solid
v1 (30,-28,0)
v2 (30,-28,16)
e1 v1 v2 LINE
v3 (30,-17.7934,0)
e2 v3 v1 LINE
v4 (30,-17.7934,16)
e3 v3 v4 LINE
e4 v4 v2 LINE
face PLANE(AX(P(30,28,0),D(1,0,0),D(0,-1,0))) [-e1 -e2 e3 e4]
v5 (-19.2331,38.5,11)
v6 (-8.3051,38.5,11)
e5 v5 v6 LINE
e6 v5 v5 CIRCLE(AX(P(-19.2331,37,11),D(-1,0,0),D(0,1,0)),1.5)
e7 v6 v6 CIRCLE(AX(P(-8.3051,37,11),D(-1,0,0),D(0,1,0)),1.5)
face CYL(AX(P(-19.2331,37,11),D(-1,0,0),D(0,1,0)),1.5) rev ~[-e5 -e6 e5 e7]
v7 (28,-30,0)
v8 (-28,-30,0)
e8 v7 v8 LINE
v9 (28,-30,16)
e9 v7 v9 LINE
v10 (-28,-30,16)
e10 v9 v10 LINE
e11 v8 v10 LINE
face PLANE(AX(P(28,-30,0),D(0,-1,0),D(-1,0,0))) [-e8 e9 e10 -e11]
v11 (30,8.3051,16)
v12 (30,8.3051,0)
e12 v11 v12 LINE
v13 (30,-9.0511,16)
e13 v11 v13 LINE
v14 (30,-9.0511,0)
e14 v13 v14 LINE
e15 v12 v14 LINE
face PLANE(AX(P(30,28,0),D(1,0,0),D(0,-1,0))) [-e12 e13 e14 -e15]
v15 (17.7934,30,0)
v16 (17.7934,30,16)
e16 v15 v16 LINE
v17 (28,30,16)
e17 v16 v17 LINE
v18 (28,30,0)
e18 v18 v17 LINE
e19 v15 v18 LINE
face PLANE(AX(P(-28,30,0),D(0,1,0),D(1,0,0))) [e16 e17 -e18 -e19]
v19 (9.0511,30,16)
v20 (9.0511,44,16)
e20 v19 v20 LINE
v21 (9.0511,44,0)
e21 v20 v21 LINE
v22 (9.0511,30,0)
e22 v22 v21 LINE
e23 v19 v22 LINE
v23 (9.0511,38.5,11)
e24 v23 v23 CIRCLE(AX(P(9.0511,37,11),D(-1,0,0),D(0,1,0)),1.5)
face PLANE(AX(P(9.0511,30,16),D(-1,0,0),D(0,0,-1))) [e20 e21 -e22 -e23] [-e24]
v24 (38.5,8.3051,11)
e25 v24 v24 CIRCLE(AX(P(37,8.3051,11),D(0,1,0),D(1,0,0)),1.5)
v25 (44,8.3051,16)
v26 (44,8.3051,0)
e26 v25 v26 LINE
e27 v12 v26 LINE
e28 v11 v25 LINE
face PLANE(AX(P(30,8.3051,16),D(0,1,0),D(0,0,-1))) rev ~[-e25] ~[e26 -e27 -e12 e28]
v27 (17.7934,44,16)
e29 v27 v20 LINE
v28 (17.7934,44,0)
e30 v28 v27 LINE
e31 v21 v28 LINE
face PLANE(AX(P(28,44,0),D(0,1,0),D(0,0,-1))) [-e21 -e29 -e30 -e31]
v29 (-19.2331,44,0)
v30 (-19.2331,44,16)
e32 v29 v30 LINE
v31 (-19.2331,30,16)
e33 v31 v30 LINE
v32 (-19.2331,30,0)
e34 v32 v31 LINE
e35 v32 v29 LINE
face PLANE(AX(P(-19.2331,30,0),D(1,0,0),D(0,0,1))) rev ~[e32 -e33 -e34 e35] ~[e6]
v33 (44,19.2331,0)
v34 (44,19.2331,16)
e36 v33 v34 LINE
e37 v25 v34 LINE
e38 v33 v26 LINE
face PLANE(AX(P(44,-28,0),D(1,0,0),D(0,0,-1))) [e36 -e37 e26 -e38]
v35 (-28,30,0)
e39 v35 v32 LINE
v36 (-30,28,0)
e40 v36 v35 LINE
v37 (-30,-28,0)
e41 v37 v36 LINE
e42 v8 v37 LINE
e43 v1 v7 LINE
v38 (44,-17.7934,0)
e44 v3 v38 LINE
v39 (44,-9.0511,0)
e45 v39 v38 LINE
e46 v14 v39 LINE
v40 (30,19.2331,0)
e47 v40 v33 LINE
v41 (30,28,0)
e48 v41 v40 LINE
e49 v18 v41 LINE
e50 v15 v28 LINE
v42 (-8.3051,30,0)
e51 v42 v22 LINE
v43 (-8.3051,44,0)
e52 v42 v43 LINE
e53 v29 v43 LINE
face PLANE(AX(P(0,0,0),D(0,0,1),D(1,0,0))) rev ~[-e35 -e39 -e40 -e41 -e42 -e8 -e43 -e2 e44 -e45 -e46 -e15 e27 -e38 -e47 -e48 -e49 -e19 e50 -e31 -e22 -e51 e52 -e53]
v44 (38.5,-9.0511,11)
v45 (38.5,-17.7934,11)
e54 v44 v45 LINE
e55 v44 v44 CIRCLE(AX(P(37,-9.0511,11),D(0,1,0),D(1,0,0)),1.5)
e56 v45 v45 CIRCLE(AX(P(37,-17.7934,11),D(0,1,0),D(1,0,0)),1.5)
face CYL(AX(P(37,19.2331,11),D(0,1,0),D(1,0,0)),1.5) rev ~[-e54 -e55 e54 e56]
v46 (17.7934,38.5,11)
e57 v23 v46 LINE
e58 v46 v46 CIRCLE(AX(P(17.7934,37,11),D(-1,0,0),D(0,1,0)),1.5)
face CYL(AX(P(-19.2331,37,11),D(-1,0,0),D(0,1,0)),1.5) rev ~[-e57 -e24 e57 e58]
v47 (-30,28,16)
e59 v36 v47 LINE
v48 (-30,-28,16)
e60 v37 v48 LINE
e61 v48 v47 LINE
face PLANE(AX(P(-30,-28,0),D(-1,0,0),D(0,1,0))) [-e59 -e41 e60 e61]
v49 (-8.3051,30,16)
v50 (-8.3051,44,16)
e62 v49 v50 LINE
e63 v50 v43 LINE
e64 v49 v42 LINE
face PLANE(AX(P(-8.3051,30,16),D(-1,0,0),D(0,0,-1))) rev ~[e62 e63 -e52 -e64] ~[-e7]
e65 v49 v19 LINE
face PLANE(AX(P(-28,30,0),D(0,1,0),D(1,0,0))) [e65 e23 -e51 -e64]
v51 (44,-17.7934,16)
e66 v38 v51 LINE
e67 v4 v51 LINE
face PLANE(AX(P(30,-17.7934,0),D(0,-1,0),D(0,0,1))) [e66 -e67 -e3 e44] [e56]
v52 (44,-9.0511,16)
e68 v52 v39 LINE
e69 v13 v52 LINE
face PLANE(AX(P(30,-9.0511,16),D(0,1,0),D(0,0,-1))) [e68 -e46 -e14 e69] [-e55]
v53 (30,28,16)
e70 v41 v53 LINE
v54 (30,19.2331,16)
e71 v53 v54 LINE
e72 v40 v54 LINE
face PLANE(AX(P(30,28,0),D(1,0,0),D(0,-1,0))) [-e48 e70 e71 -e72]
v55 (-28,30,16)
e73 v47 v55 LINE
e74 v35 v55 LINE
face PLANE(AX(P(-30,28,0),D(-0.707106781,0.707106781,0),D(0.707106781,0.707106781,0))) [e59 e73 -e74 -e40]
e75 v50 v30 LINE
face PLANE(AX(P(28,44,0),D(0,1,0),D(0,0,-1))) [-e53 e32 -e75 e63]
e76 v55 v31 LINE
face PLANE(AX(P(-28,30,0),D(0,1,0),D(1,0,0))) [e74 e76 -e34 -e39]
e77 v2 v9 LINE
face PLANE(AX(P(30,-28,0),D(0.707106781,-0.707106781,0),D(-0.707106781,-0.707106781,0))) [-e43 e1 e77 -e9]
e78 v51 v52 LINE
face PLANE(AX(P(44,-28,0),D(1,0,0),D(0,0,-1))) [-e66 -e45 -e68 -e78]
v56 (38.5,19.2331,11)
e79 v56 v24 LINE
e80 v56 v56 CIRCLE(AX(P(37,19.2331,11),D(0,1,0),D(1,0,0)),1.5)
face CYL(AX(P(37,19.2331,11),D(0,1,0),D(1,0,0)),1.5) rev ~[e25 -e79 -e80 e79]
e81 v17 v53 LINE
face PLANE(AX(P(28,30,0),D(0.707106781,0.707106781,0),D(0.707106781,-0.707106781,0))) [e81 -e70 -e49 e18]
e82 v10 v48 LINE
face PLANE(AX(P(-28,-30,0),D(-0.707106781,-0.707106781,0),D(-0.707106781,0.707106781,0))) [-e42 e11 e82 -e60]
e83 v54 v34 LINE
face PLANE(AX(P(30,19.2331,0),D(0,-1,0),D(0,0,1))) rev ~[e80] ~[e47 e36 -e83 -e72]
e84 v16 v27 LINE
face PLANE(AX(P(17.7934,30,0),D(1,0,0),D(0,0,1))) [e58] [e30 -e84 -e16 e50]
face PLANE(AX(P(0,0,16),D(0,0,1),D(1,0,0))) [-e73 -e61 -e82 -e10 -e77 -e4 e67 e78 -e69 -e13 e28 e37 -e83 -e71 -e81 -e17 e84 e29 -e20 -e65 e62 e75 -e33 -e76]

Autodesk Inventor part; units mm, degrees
ref_plane "YZ Plane" through (0, 0, 0) normal (1, 0, 0) x (0, 1, 0)
ref_plane "XZ Plane" through (0, 0, 0) normal (0, 1, 0) x (-1, 0, 0)
ref_plane "XY Plane" through (0, 0, 0) normal (0, 0, 1) x (1, 0, 0)
ref_plane "Work Plane1" through (0, 0, 0) normal (0, 0, 1) x (1, 0, 0)
sketch "Sketch1" plane through (0, 0, 0) normal (0, 0, 1) x (1, 0, 0)
  circle A0 centre (17.5, 17.5) radius 1.95 projected
  circle A1 centre (17.5, -17.5) radius 1.95 projected
  circle A2 centre (-17.5, -17.5) radius 1.95 projected
  circle A3 centre (-17.5, 17.5) radius 1.95 projected
  circle A4 centre (0, 0) radius 7.5 projected
  line L0 (-30, 28) -> (-28, 30) projected
  line L1 (-30, -28) -> (-30, 28) projected
  line L2 (-28, -30) -> (-30, -28) projected
  line L3 (28, -30) -> (-28, -30) projected
  line L4 (30, -28) -> (28, -30) projected
  line L5 (30, 28) -> (30, -28) projected
  line L6 (28, 30) -> (30, 28) projected
  line L7 (-28, 30) -> (28, 30) projected
  circle A5 centre (25, 25) radius 2.325 projected
  circle A6 centre (-25, -25) radius 2.325 projected
  circle A7 centre (25, -25) radius 2.325 projected
  circle A8 centre (-25, 25) radius 2.325 projected
extrude "Extrusion1" add sketch "Sketch1" along normal blind 16 contours A0 | A1 | A2 | A3 | A4 | L0 L7 L6 L5 L4 L3 L2 L1 | A5 | A6 | A7 | A8
sketch "Sketch2" plane through (0, 0, 16) normal (0, 0, 1) x (1, 0, 0)
  point P0 (0, 0)
sketch "Sketch3" plane through (30, -28, 0) normal (1, 0, 0) x (0, 0, -1)
  line L0 (0, 56) -> (0, 0) projected
  line L1 (0, 56) -> (-16, 56) projected
  line L2 (-16, 0) -> (-16, 56) projected
  line L3 (0, 0) -> (-16, 0) projected
  line L4 (-16, 0) -> (-16, 56) projected
  line L5 (0, 47.2331) -> (-16, 47.2331)
  line L6 (-16, 47.2331) -> (-16, 36.3051)
  line L7 (-16, 36.3051) -> (0, 36.3051)
  line L8 (0, 36.3051) -> (0, 47.2331)
  line L9 (0, 56) -> (0, 0) projected
  line L10 (0, 10.2066) -> (-16, 10.2066)
  line L11 (-16, 10.2066) -> (-16, 18.9489)
  line L12 (-16, 18.9489) -> (0, 18.9489)
  line L13 (0, 18.9489) -> (0, 10.2066)
  point P0 (0, 28)
extrude "Extrusion2" add sketch "Sketch3" along normal blind 14 contours L0 L7 L2 L5 | L0 L10 L2 L12
sketch "Sketch4" plane through (30, 19.2331, 16) normal (0, 1, 0) x (1, 0, 0)
  line L0 (0, 0) -> (0, 16) projected
  line L1 (0, 0) -> (14, 0) projected
  line L2 (14, 16) -> (14, 0) projected
  line L3 (0, 16) -> (14, 16) projected
  circle A0 centre (7, 5) radius 1.5
  point P0 (-30, 16)
  dimension "d4" = 3
extrude "Extrusion3" cut sketch "Sketch4" against normal through all contours A0
pattern_circular "Circular Pattern1" count 2 over 90 about axis through (0, 0, 0) along (0, 0, 1) of "Extrusion2", "Extrusion3"
properties part number "00_XY_stage-CHUO_SEIKI_LD-647-R1-Middle"
